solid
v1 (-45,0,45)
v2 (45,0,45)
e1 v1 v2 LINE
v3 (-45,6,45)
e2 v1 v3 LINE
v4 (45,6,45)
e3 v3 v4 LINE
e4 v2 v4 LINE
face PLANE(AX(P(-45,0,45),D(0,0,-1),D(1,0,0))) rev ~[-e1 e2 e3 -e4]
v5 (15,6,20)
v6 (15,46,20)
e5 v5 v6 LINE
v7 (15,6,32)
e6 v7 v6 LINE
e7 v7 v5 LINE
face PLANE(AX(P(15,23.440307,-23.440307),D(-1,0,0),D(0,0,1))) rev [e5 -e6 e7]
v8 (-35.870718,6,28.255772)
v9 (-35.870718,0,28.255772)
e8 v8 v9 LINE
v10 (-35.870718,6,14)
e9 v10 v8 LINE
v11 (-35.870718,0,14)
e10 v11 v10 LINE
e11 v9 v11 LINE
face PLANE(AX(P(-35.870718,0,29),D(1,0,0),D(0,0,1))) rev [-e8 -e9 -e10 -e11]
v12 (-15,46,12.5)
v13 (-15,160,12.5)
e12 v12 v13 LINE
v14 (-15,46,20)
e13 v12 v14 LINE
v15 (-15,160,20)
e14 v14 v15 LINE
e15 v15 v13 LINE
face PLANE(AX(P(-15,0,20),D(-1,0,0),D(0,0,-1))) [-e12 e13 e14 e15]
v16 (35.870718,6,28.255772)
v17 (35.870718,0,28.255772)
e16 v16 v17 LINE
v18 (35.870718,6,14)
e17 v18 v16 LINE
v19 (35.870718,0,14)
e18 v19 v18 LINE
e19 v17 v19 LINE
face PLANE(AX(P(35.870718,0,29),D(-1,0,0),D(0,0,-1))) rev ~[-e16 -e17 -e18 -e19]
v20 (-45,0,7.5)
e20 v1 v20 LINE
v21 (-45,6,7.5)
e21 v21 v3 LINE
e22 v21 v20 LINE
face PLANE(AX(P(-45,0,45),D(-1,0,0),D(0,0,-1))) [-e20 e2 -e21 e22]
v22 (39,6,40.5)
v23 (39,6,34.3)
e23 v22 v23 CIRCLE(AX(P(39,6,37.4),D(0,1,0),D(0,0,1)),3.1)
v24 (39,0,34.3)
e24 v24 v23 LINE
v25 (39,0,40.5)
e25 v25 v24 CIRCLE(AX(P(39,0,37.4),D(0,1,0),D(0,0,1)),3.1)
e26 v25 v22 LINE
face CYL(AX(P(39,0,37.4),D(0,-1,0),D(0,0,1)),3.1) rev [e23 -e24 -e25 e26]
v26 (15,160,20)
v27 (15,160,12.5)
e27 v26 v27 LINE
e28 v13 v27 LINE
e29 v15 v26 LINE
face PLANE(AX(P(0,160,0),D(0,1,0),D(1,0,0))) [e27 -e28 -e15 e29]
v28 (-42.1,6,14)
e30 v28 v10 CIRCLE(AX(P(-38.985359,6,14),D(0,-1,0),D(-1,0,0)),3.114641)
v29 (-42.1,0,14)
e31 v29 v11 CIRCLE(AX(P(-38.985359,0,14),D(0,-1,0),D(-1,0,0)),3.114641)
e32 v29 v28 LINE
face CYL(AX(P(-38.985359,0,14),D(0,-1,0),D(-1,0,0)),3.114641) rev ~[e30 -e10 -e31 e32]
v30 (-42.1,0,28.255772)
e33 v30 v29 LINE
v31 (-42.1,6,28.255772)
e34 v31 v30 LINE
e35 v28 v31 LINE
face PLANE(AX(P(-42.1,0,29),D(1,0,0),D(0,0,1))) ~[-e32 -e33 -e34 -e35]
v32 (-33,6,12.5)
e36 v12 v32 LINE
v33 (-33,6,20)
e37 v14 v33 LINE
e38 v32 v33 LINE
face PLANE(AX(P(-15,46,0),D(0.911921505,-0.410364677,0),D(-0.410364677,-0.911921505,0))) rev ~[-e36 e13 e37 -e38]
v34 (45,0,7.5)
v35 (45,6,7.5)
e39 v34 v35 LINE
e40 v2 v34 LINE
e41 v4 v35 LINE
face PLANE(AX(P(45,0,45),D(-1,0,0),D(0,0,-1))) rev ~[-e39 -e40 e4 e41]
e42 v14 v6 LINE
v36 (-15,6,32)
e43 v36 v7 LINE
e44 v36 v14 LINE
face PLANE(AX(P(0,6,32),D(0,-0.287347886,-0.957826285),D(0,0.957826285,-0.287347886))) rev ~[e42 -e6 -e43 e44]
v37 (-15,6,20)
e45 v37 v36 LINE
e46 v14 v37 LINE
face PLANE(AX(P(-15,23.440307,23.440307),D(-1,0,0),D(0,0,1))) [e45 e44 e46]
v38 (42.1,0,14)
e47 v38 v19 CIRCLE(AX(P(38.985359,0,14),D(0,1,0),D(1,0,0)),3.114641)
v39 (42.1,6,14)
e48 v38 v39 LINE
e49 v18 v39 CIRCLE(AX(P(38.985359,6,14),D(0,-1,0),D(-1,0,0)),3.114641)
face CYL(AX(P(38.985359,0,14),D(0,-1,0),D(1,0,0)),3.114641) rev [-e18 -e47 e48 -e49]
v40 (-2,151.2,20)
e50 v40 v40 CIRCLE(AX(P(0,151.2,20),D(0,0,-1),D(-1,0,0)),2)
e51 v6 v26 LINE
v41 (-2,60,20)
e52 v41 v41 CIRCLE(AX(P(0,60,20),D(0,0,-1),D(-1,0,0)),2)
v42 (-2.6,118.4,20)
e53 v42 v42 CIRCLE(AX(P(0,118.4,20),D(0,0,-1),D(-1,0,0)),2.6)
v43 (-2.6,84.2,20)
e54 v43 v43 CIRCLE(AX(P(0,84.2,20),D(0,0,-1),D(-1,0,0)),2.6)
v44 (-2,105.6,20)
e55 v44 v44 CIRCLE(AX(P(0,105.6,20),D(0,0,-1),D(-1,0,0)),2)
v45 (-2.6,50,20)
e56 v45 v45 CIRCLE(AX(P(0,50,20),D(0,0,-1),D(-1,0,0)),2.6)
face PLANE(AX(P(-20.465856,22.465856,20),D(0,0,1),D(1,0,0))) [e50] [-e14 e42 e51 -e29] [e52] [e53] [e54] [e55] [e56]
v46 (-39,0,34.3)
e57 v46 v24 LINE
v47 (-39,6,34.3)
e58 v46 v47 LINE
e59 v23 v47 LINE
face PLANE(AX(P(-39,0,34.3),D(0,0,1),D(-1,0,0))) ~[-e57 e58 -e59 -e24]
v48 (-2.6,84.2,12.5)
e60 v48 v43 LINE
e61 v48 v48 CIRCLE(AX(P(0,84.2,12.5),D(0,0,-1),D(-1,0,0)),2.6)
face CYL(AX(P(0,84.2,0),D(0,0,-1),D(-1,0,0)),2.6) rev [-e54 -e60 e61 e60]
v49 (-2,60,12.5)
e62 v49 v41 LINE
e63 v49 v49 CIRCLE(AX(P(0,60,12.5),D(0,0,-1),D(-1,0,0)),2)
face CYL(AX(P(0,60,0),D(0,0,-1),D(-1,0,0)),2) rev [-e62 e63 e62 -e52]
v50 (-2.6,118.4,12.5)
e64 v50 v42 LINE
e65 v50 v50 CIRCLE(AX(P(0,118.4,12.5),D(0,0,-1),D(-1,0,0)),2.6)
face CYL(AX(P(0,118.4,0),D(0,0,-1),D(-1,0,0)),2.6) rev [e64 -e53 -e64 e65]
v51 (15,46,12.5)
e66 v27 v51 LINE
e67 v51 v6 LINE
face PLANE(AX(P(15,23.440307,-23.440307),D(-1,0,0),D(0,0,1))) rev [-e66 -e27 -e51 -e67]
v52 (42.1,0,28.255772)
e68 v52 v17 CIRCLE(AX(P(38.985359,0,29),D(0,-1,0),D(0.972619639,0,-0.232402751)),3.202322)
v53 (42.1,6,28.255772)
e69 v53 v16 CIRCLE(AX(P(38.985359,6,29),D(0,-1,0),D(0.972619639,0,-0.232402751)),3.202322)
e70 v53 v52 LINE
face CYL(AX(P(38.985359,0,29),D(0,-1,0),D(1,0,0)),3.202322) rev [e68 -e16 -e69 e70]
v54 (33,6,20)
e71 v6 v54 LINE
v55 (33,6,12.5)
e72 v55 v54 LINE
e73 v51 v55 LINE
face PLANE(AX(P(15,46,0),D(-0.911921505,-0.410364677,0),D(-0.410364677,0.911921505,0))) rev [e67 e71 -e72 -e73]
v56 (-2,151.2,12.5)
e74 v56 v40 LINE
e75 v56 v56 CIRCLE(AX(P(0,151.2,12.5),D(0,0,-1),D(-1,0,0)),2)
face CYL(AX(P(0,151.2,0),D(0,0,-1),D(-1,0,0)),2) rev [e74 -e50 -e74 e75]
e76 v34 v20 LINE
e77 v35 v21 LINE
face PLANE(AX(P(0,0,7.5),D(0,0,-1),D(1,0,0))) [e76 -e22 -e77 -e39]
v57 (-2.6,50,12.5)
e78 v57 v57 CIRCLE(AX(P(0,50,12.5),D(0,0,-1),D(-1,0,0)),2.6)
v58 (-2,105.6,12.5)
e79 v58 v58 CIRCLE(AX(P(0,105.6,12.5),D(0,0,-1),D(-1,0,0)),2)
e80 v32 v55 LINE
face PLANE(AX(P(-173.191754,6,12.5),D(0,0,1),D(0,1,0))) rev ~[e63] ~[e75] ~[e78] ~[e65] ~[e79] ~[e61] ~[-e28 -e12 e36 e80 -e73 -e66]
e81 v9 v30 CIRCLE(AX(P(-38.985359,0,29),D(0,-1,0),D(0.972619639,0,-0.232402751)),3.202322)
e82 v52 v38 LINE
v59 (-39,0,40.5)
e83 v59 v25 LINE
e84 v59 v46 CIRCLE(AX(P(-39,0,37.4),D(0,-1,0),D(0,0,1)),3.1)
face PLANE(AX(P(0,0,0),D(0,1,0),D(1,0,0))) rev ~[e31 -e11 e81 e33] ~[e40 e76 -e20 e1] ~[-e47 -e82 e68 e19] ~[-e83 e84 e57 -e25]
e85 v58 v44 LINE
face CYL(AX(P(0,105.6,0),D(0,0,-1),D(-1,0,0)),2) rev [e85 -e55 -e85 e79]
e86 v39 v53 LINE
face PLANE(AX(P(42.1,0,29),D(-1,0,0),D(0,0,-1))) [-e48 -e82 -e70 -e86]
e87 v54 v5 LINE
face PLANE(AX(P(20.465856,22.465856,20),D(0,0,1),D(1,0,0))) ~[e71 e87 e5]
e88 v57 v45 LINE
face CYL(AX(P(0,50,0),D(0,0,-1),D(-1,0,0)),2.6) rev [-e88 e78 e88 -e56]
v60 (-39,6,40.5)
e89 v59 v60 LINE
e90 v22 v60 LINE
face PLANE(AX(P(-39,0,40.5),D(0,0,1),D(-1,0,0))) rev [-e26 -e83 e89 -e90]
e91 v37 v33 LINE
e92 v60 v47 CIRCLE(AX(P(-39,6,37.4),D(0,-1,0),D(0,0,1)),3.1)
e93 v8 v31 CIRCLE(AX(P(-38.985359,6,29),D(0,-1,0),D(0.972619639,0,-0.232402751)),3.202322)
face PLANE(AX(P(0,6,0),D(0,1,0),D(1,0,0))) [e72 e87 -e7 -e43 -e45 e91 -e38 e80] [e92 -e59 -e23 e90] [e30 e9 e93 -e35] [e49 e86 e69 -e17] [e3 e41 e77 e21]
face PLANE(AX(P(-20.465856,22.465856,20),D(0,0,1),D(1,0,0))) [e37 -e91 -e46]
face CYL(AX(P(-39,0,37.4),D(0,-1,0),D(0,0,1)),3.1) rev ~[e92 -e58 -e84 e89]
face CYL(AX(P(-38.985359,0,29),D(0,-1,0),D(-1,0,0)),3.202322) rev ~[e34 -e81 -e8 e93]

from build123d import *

# Parameters (mm, degrees)
SKETCH_1_W                = 90
SKETCH_1_H                = 90
EXTRUDE_1_DEPTH           = 6
SKETCH_2_W                = 30
SKETCH_2_H                = 40
EXTRUDE_2_DEPTH           = 160
EXTRUDE_3_DEPTH           = 20
SKETCH_8_R                = 3.1
CUT_EXTRUDE_2_DEPTH       = 6
EXTRUDE_4_DEPTH           = 15
CUT_EXTRUDE_4_DEPTH       = 173.191753577
CUT_EXTRUDE_4_DEPTH_BACK  = 173.191753577
SKETCH_17_W               = 25
SKETCH_17_H               = 154
SKETCH_21_W               = 15
SKETCH_21_H               = 6
CUT_EXTRUDE_8_DEPTH       = 173.191753577
SKETCH_23_W               = 78
SKETCH_23_H               = 6.2
CUT_EXTRUDE_9_DEPTH       = 173.191753577
MIRROR_14_COPY_1_SKETCH_R = 3.1
MIRROR_14_COPY_1_DEPTH    = 6
SKETCH_25_W               = 6.229282002
SKETCH_25_H               = 15
CUT_EXTRUDE_10_DEPTH      = 173.191753577
SKETCH_26_R               = 3.114641001
CUT_EXTRUDE_11_DEPTH      = 173.191753577
SKETCH_27_R               = 3.202321727
CUT_EXTRUDE_12_DEPTH      = 173.191753577
CUT_EXTRUDE_13_DEPTH      = 173.191753577
SKETCH_29_W               = 45
SKETCH_29_H               = 7.5
CUT_EXTRUDE_14_DEPTH      = 173.191753577
SKETCH_30_W               = 5
SKETCH_30_H               = 40
CUT_EXTRUDE_15_DEPTH      = 173.191753577
SKETCH_31_R               = 2
CUT_EXTRUDE_16_DEPTH      = 173.191753577
PATTERN_LINEAR_2_COUNT    = 3
PATTERN_LINEAR_2_PITCH    = 45.6
SKETCH_32_R               = 2.6
CUT_EXTRUDE_17_DEPTH      = 173.191753577
PATTERN_LINEAR_3_COUNT    = 3
PATTERN_LINEAR_3_PITCH    = 34.2


with BuildPart() as part:
    # 草图1 → 凸台-拉伸1 (new body)
    with BuildSketch(Plane(origin=(0, 0, 0), x_dir=(1, 0, 0), z_dir=(0, 1, 0))):
        Rectangle(SKETCH_1_W, SKETCH_1_H)
    extrude(amount=EXTRUDE_1_DEPTH)

    # 草图2 → 凸台-拉伸2 (add)
    with BuildSketch(Plane(origin=(0, 0, 0), x_dir=(1, 0, 0), z_dir=(0, 1, 0))):
        Rectangle(SKETCH_2_W, SKETCH_2_H)
    extrude(amount=EXTRUDE_2_DEPTH)

    # 草图7 → 凸台-拉伸3 (add)
    with BuildSketch(Plane.XY):
        Polygon((-15, 46), (-33, 6), (-15, 6), align=None)
    extrude_3 = extrude(amount=EXTRUDE_3_DEPTH)

    # 草图8 → 切除-拉伸2 (cut)
    with BuildSketch(Plane(origin=(0, 0, 0), x_dir=(1, 0, 0), z_dir=(0, 1, 0))):
        with Locations(Location((-39, 37.4, 0), (0, 0, 90))):
            Circle(SKETCH_8_R)
    cut_extrude_2 = extrude(amount=CUT_EXTRUDE_2_DEPTH, mode=Mode.SUBTRACT)

    # 草图15 → 凸台-拉伸4 (add, symmetric)
    with BuildSketch(Plane(origin=(0, 0, 0), x_dir=(0, 0, -1), z_dir=(1, 0, 0))):
        Polygon((-20, 46), (-20, 6), (-32, 6), align=None)
    extrude_4 = extrude(amount=EXTRUDE_4_DEPTH, both=True)

    # 镜向11: 凸台-拉伸4 across plane
    add(extrude_4.mirror(Plane.XY))

    # 草图17 → 切除-拉伸4 (cut, two sides: drawn at the far end of the back side and taken through both)
    with BuildSketch(Plane(origin=(0, 0, 0), x_dir=(0, 0, -1), z_dir=(1, 0, 0)).offset(-CUT_EXTRUDE_4_DEPTH_BACK)):
        with Locations((0, 83)):
            Rectangle(SKETCH_17_W, SKETCH_17_H)
    extrude(amount=CUT_EXTRUDE_4_DEPTH + CUT_EXTRUDE_4_DEPTH_BACK, mode=Mode.SUBTRACT)

    # 草图21 → 切除-拉伸8 (cut, through all)
    with BuildSketch(Plane(origin=(0, 0, 0), x_dir=(0, 0, -1), z_dir=(1, 0, 0))):
        with Locations((0, 3)):
            Rectangle(SKETCH_21_W, SKETCH_21_H)
    extrude(amount=-CUT_EXTRUDE_8_DEPTH, mode=Mode.SUBTRACT)

    # 镜向12: 切除-拉伸2 across plane
    add(cut_extrude_2.mirror(Plane(origin=(0, 0, 0), x_dir=(0, 0, 1), z_dir=(1, 0, 0))), mode=Mode.SUBTRACT)

    # 草图23 → 切除-拉伸9 (cut, through all)
    with BuildSketch(Plane(origin=(0, 0, 0), x_dir=(1, 0, 0), z_dir=(0, 1, 0))):
        with Locations((0, 37.4)):
            Rectangle(SKETCH_23_W, SKETCH_23_H)
    cut_extrude_9 = extrude(amount=CUT_EXTRUDE_9_DEPTH, mode=Mode.SUBTRACT)

    # 镜向13: 切除-拉伸9 across plane
    add(cut_extrude_9.mirror(Plane.XY), mode=Mode.SUBTRACT)

    # 镜向14: 切除-拉伸2 across plane
    add(cut_extrude_2.mirror(Plane.XY), mode=Mode.SUBTRACT)

    # 镜向14 copy 1 sketch → 镜向14 copy 1 (cut)
    with BuildSketch(Plane(origin=(0, 0, 0), x_dir=(-1, 0, 0), z_dir=(0, 1, 0))):
        with Locations(Location((-39, 37.4, 0), (0, 0, 90))):
            Circle(MIRROR_14_COPY_1_SKETCH_R)
    extrude(amount=MIRROR_14_COPY_1_DEPTH, mode=Mode.SUBTRACT)

    # 草图25 → 切除-拉伸10 (cut, through all)
    with BuildSketch(Plane(origin=(0, 0, 0), x_dir=(1, 0, 0), z_dir=(0, 1, 0))):
        with Locations((38.985358999, -21.5)):
            Rectangle(SKETCH_25_W, SKETCH_25_H)
    cut_extrude_10 = extrude(amount=CUT_EXTRUDE_10_DEPTH, mode=Mode.SUBTRACT)

    # 草图26 → 切除-拉伸11 (cut, through all)
    with BuildSketch(Plane(origin=(0, 0, 0), x_dir=(1, 0, 0), z_dir=(0, 1, 0))):
        with Locations((38.985358999, -14)):
            Circle(SKETCH_26_R)
    cut_extrude_11 = extrude(amount=CUT_EXTRUDE_11_DEPTH, mode=Mode.SUBTRACT)

    # 草图27 → 切除-拉伸12 (cut, through all)
    with BuildSketch(Plane(origin=(0, 0, 0), x_dir=(1, 0, 0), z_dir=(0, 1, 0))):
        with Locations((38.985358999, -29)):
            Circle(SKETCH_27_R)
    cut_extrude_12 = extrude(amount=CUT_EXTRUDE_12_DEPTH, mode=Mode.SUBTRACT)

    # 镜向15: 切除-拉伸10 across plane
    add(cut_extrude_10.mirror(Plane(origin=(0, 0, 0), x_dir=(0, 0, 1), z_dir=(1, 0, 0))), mode=Mode.SUBTRACT)

    # 镜向16: 切除-拉伸11 across plane
    add(cut_extrude_11.mirror(Plane(origin=(0, 0, 0), x_dir=(0, 0, 1), z_dir=(1, 0, 0))), mode=Mode.SUBTRACT)

    # 镜向17: 切除-拉伸12 across plane
    add(cut_extrude_12.mirror(Plane(origin=(0, 0, 0), x_dir=(0, 0, 1), z_dir=(1, 0, 0))), mode=Mode.SUBTRACT)

    # 镜向23: 凸台-拉伸3 across plane
    add(extrude_3.mirror(Plane(origin=(0, 0, 0), x_dir=(0, 0, 1), z_dir=(1, 0, 0))))

    # 草图28 → 切除-拉伸13 (cut, through all)
    with BuildSketch(Plane(origin=(0, 0, 0), x_dir=(1, 0, 0), z_dir=(0, 1, 0))):
        Polygon((45, 0), (0, 0), (0, 7.5), (-45, 7.5), (-45, 45), (45, 45), align=None)
    extrude(amount=CUT_EXTRUDE_13_DEPTH, mode=Mode.SUBTRACT)

    # 草图29 → 切除-拉伸14 (cut, through all)
    with BuildSketch(Plane(origin=(0, 0, 0), x_dir=(1, 0, 0), z_dir=(0, 1, 0))):
        with Locations((22.5, -3.75)):
            Rectangle(SKETCH_29_W, SKETCH_29_H)
    extrude(amount=CUT_EXTRUDE_14_DEPTH, mode=Mode.SUBTRACT)

    # 草图30 → 切除-拉伸15 (cut, through all)
    with BuildSketch(Plane(origin=(0, 0, 0), x_dir=(0, 0, -1), z_dir=(1, 0, 0))):
        with Locations((-10, 26)):
            Rectangle(SKETCH_30_W, SKETCH_30_H)
    extrude(amount=CUT_EXTRUDE_15_DEPTH, mode=Mode.SUBTRACT)

    # 草图31 → 切除-拉伸16 (cut, through all)
    with BuildSketch(Plane.XY):
        with Locations(Location((0, 60, 0), (0, 0, 180))):
            Circle(SKETCH_31_R)
    cut_extrude_16 = extrude(amount=CUT_EXTRUDE_16_DEPTH, mode=Mode.SUBTRACT)

    # 阵列(线性)2: 切除-拉伸16 ×3
    with Locations(*[(0, i * PATTERN_LINEAR_2_PITCH, 0) for i in range(1, PATTERN_LINEAR_2_COUNT)]):
        add(cut_extrude_16, mode=Mode.SUBTRACT)

    # 草图32 → 切除-拉伸17 (cut, through all)
    with BuildSketch(Plane.XY):
        with Locations(Location((0, 50, 0), (0, 0, 180))):
            Circle(SKETCH_32_R)
    cut_extrude_17 = extrude(amount=CUT_EXTRUDE_17_DEPTH, mode=Mode.SUBTRACT)

    # 阵列(线性)3: 切除-拉伸17 ×3
    with Locations(*[(0, i * PATTERN_LINEAR_3_PITCH, 0) for i in range(1, PATTERN_LINEAR_3_COUNT)]):
        add(cut_extrude_17, mode=Mode.SUBTRACT)


solid = part.part
